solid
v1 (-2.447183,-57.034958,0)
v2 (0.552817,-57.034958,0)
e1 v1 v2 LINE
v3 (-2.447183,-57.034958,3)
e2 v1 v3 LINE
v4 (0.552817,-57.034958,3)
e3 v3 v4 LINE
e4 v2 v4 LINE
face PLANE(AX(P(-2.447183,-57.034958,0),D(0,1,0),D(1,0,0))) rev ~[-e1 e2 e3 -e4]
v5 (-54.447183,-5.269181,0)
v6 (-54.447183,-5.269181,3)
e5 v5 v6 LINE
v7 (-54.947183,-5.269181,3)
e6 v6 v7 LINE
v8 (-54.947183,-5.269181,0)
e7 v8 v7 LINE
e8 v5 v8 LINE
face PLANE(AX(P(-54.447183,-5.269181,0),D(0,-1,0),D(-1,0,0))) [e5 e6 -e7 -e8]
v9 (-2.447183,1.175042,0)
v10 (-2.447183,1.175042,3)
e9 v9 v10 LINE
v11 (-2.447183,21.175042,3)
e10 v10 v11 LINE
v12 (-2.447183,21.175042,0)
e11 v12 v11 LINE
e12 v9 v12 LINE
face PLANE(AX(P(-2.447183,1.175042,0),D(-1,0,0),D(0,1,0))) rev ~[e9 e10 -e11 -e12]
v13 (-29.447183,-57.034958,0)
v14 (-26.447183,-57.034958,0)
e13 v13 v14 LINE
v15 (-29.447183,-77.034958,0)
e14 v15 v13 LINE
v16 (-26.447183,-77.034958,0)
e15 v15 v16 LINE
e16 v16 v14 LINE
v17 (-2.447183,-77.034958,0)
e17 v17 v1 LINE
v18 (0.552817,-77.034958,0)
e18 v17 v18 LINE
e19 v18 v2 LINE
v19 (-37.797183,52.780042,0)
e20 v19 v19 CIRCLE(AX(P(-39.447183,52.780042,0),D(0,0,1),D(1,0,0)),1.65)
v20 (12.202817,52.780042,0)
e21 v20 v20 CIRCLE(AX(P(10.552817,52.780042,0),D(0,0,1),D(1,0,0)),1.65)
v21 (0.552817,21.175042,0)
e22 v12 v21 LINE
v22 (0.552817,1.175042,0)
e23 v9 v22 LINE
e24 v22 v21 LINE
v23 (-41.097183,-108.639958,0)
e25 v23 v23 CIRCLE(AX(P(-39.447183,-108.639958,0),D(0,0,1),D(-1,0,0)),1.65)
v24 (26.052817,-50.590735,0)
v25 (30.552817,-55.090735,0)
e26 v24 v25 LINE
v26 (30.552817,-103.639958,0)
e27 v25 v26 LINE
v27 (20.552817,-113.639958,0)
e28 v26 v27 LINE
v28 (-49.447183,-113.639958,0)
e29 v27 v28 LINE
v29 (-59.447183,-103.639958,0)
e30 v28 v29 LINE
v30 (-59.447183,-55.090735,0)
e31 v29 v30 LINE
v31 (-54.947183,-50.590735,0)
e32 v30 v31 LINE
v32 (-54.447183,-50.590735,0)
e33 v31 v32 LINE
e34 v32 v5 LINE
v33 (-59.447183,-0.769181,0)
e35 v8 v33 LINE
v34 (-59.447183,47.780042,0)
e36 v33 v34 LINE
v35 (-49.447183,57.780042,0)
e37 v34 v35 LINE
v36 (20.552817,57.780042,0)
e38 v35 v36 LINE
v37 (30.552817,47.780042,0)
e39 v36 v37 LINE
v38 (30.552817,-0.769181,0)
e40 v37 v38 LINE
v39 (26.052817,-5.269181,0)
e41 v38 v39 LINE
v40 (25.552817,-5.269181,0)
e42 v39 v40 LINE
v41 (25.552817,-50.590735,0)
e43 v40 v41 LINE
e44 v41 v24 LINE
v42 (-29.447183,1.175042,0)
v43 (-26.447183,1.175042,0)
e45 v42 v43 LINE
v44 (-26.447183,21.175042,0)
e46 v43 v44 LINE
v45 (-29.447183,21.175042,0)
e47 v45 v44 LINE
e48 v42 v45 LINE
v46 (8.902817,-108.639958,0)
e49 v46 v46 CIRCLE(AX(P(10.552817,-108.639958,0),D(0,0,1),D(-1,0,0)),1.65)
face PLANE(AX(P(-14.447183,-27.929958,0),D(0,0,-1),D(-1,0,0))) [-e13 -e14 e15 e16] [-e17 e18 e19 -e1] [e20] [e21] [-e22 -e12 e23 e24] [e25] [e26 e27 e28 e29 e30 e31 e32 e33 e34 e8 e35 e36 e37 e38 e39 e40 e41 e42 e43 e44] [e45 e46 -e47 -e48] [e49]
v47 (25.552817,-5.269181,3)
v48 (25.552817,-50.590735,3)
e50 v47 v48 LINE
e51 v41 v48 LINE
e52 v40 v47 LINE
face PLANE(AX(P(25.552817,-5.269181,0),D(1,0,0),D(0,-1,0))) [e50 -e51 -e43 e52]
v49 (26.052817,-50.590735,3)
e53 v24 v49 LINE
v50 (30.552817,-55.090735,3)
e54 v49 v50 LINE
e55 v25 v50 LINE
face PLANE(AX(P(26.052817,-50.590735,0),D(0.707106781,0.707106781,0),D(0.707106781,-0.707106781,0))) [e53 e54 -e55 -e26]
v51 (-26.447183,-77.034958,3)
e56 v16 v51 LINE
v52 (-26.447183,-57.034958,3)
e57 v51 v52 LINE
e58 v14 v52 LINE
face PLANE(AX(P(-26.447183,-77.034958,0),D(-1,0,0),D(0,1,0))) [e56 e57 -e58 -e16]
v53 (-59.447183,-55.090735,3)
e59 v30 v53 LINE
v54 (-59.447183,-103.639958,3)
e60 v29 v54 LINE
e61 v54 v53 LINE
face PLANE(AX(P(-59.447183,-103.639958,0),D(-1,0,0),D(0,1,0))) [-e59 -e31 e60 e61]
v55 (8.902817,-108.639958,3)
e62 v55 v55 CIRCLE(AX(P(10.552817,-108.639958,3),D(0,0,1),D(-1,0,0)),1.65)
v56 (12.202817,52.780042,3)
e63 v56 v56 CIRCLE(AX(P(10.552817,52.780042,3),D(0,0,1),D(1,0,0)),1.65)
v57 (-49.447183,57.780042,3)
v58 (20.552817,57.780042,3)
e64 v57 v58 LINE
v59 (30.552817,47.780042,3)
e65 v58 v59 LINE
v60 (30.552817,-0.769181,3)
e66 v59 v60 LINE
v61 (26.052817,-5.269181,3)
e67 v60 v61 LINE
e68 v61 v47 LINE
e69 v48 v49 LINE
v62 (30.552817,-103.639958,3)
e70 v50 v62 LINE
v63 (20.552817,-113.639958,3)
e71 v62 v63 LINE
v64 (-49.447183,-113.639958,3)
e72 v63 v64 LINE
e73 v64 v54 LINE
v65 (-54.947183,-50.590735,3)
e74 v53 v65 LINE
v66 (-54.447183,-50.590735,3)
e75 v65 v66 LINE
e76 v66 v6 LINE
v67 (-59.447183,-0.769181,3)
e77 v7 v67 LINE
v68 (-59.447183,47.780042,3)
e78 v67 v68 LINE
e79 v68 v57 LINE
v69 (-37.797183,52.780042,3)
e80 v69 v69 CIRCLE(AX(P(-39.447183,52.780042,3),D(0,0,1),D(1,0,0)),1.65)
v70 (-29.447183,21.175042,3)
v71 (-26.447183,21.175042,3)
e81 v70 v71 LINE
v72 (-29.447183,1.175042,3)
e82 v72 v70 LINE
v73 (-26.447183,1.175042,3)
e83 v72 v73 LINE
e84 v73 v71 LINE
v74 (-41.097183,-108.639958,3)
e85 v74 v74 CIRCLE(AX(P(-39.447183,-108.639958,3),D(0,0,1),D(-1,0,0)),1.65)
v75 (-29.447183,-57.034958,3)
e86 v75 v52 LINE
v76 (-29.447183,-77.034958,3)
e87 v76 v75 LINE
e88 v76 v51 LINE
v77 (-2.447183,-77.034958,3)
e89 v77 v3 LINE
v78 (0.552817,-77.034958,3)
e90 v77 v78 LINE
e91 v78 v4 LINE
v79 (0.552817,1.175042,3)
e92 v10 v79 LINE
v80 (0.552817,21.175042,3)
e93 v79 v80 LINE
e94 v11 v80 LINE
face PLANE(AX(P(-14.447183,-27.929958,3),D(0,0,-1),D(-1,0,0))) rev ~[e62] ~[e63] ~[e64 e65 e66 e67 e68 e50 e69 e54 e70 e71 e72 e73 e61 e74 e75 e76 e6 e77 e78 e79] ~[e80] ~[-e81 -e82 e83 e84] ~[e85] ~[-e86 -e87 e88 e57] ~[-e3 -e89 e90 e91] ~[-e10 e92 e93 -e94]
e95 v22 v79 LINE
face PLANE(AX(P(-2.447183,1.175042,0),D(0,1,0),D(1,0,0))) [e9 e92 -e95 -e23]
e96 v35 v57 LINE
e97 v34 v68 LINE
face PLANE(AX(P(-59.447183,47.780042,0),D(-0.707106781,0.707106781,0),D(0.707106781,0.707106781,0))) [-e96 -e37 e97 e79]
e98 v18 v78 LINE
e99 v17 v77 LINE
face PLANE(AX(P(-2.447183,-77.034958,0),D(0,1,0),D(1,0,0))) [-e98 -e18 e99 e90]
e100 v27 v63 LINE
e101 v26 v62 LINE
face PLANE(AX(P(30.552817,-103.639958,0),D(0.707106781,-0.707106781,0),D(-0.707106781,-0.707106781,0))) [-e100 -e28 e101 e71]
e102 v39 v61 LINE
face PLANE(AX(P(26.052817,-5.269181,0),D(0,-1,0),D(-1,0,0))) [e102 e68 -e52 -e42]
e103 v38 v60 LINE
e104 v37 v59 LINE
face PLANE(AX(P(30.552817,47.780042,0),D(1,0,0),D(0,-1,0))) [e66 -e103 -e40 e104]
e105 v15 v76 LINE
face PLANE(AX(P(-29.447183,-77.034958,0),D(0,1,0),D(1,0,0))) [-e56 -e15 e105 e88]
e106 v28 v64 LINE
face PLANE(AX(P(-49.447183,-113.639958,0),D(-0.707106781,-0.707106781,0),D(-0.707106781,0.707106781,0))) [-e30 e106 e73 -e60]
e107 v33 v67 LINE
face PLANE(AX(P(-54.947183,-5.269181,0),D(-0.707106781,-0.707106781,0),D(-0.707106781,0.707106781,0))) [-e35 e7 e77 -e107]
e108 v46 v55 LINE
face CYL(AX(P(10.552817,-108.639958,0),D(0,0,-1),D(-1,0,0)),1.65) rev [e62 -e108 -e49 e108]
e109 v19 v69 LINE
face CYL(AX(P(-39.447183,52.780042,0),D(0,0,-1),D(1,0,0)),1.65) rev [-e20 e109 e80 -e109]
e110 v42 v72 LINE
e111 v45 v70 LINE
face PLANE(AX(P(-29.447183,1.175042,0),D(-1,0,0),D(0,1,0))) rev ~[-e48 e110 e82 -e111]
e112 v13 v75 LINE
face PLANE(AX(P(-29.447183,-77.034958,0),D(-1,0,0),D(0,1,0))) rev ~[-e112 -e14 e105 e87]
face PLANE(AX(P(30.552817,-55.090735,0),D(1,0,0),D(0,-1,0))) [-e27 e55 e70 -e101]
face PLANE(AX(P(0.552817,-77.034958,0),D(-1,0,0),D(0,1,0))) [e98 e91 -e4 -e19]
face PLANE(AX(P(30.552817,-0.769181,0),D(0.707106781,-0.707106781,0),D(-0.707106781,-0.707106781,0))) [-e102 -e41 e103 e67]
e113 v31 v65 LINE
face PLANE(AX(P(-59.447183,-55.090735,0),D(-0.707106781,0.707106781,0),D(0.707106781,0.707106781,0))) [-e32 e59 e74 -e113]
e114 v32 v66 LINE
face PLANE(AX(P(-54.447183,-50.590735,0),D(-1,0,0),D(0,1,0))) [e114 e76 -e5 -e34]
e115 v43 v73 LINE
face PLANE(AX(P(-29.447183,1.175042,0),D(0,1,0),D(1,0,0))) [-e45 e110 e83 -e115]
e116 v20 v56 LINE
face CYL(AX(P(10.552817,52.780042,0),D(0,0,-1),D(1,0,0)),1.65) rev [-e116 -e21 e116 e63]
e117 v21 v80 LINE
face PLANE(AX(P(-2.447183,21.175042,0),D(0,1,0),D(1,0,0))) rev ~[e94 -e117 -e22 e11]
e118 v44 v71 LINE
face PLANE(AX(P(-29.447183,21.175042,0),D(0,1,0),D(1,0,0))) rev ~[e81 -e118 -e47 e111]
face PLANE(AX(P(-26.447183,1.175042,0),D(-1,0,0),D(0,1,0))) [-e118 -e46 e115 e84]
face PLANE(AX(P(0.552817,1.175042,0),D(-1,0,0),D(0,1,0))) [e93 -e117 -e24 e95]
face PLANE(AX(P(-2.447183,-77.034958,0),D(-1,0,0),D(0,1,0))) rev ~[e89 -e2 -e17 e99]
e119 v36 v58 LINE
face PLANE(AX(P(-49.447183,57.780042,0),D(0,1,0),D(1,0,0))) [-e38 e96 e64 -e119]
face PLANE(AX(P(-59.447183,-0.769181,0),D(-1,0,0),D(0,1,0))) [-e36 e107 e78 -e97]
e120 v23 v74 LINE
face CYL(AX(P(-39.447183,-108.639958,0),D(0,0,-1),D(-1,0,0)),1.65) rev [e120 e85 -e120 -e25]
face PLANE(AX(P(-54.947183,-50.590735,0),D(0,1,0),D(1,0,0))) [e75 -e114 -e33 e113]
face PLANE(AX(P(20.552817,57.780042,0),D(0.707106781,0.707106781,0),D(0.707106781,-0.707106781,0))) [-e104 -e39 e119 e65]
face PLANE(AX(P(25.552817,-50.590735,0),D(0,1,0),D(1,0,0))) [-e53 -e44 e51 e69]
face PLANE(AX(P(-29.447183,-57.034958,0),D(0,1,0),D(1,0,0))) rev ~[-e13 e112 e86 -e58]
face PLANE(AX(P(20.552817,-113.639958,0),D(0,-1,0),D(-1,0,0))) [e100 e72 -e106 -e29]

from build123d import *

# Parameters (mm, degrees)
SKETCH1_R           = 1.65
SKETCH1_W           = 3
SKETCH1_H           = 20
BOSS_EXTRUDE2_DEPTH = 3


with BuildPart() as part:
    # Sketch1 → Boss-Extrude2 (new body)
    with BuildSketch(Plane.XY):
        Polygon((-59.447183423, 47.780041818), (-49.447183423, 57.780041818), (20.552816577, 57.780041818), (30.552816577, 47.780041818), (30.552816577, -0.7691812), (26.052816577, -5.2691812), (25.552816577, -5.2691812), (25.552816577, -50.590735163), (26.052816577, -50.590735163), (30.552816577, -55.090735163), (30.552816577, -103.639958182), (20.552816577, -113.639958182), (-49.447183423, -113.639958182), (-59.447183423, -103.639958182), (-59.447183423, -55.090735163), (-54.947183423, -50.590735163), (-54.447183423, -50.590735163), (-54.447183423, -5.2691812), (-54.947183423, -5.2691812), (-59.447183423, -0.7691812), align=None)
        with Locations((-39.447183423, 52.780041818)):
            Circle(SKETCH1_R, mode=Mode.SUBTRACT)
        with Locations((10.552816577, 52.780041818)):
            Circle(SKETCH1_R, mode=Mode.SUBTRACT)
        with Locations(Location((10.552816577, -108.639958182, 0), (0, 0, 180))):
            Circle(SKETCH1_R, mode=Mode.SUBTRACT)
        with Locations(Location((-39.447183423, -108.639958182, 0), (0, 0, 180))):
            Circle(SKETCH1_R, mode=Mode.SUBTRACT)
        with Locations((-27.947183423, 11.175041818)):
            Rectangle(SKETCH1_W, SKETCH1_H, mode=Mode.SUBTRACT)
        with Locations((-0.947183423, 11.175041818)):
            Rectangle(SKETCH1_W, SKETCH1_H, mode=Mode.SUBTRACT)
        with Locations((-0.947183423, -67.034958182)):
            Rectangle(SKETCH1_W, SKETCH1_H, mode=Mode.SUBTRACT)
        with Locations((-27.947183423, -67.034958182)):
            Rectangle(SKETCH1_W, SKETCH1_H, mode=Mode.SUBTRACT)
    extrude(amount=BOSS_EXTRUDE2_DEPTH)


solid = part.part
